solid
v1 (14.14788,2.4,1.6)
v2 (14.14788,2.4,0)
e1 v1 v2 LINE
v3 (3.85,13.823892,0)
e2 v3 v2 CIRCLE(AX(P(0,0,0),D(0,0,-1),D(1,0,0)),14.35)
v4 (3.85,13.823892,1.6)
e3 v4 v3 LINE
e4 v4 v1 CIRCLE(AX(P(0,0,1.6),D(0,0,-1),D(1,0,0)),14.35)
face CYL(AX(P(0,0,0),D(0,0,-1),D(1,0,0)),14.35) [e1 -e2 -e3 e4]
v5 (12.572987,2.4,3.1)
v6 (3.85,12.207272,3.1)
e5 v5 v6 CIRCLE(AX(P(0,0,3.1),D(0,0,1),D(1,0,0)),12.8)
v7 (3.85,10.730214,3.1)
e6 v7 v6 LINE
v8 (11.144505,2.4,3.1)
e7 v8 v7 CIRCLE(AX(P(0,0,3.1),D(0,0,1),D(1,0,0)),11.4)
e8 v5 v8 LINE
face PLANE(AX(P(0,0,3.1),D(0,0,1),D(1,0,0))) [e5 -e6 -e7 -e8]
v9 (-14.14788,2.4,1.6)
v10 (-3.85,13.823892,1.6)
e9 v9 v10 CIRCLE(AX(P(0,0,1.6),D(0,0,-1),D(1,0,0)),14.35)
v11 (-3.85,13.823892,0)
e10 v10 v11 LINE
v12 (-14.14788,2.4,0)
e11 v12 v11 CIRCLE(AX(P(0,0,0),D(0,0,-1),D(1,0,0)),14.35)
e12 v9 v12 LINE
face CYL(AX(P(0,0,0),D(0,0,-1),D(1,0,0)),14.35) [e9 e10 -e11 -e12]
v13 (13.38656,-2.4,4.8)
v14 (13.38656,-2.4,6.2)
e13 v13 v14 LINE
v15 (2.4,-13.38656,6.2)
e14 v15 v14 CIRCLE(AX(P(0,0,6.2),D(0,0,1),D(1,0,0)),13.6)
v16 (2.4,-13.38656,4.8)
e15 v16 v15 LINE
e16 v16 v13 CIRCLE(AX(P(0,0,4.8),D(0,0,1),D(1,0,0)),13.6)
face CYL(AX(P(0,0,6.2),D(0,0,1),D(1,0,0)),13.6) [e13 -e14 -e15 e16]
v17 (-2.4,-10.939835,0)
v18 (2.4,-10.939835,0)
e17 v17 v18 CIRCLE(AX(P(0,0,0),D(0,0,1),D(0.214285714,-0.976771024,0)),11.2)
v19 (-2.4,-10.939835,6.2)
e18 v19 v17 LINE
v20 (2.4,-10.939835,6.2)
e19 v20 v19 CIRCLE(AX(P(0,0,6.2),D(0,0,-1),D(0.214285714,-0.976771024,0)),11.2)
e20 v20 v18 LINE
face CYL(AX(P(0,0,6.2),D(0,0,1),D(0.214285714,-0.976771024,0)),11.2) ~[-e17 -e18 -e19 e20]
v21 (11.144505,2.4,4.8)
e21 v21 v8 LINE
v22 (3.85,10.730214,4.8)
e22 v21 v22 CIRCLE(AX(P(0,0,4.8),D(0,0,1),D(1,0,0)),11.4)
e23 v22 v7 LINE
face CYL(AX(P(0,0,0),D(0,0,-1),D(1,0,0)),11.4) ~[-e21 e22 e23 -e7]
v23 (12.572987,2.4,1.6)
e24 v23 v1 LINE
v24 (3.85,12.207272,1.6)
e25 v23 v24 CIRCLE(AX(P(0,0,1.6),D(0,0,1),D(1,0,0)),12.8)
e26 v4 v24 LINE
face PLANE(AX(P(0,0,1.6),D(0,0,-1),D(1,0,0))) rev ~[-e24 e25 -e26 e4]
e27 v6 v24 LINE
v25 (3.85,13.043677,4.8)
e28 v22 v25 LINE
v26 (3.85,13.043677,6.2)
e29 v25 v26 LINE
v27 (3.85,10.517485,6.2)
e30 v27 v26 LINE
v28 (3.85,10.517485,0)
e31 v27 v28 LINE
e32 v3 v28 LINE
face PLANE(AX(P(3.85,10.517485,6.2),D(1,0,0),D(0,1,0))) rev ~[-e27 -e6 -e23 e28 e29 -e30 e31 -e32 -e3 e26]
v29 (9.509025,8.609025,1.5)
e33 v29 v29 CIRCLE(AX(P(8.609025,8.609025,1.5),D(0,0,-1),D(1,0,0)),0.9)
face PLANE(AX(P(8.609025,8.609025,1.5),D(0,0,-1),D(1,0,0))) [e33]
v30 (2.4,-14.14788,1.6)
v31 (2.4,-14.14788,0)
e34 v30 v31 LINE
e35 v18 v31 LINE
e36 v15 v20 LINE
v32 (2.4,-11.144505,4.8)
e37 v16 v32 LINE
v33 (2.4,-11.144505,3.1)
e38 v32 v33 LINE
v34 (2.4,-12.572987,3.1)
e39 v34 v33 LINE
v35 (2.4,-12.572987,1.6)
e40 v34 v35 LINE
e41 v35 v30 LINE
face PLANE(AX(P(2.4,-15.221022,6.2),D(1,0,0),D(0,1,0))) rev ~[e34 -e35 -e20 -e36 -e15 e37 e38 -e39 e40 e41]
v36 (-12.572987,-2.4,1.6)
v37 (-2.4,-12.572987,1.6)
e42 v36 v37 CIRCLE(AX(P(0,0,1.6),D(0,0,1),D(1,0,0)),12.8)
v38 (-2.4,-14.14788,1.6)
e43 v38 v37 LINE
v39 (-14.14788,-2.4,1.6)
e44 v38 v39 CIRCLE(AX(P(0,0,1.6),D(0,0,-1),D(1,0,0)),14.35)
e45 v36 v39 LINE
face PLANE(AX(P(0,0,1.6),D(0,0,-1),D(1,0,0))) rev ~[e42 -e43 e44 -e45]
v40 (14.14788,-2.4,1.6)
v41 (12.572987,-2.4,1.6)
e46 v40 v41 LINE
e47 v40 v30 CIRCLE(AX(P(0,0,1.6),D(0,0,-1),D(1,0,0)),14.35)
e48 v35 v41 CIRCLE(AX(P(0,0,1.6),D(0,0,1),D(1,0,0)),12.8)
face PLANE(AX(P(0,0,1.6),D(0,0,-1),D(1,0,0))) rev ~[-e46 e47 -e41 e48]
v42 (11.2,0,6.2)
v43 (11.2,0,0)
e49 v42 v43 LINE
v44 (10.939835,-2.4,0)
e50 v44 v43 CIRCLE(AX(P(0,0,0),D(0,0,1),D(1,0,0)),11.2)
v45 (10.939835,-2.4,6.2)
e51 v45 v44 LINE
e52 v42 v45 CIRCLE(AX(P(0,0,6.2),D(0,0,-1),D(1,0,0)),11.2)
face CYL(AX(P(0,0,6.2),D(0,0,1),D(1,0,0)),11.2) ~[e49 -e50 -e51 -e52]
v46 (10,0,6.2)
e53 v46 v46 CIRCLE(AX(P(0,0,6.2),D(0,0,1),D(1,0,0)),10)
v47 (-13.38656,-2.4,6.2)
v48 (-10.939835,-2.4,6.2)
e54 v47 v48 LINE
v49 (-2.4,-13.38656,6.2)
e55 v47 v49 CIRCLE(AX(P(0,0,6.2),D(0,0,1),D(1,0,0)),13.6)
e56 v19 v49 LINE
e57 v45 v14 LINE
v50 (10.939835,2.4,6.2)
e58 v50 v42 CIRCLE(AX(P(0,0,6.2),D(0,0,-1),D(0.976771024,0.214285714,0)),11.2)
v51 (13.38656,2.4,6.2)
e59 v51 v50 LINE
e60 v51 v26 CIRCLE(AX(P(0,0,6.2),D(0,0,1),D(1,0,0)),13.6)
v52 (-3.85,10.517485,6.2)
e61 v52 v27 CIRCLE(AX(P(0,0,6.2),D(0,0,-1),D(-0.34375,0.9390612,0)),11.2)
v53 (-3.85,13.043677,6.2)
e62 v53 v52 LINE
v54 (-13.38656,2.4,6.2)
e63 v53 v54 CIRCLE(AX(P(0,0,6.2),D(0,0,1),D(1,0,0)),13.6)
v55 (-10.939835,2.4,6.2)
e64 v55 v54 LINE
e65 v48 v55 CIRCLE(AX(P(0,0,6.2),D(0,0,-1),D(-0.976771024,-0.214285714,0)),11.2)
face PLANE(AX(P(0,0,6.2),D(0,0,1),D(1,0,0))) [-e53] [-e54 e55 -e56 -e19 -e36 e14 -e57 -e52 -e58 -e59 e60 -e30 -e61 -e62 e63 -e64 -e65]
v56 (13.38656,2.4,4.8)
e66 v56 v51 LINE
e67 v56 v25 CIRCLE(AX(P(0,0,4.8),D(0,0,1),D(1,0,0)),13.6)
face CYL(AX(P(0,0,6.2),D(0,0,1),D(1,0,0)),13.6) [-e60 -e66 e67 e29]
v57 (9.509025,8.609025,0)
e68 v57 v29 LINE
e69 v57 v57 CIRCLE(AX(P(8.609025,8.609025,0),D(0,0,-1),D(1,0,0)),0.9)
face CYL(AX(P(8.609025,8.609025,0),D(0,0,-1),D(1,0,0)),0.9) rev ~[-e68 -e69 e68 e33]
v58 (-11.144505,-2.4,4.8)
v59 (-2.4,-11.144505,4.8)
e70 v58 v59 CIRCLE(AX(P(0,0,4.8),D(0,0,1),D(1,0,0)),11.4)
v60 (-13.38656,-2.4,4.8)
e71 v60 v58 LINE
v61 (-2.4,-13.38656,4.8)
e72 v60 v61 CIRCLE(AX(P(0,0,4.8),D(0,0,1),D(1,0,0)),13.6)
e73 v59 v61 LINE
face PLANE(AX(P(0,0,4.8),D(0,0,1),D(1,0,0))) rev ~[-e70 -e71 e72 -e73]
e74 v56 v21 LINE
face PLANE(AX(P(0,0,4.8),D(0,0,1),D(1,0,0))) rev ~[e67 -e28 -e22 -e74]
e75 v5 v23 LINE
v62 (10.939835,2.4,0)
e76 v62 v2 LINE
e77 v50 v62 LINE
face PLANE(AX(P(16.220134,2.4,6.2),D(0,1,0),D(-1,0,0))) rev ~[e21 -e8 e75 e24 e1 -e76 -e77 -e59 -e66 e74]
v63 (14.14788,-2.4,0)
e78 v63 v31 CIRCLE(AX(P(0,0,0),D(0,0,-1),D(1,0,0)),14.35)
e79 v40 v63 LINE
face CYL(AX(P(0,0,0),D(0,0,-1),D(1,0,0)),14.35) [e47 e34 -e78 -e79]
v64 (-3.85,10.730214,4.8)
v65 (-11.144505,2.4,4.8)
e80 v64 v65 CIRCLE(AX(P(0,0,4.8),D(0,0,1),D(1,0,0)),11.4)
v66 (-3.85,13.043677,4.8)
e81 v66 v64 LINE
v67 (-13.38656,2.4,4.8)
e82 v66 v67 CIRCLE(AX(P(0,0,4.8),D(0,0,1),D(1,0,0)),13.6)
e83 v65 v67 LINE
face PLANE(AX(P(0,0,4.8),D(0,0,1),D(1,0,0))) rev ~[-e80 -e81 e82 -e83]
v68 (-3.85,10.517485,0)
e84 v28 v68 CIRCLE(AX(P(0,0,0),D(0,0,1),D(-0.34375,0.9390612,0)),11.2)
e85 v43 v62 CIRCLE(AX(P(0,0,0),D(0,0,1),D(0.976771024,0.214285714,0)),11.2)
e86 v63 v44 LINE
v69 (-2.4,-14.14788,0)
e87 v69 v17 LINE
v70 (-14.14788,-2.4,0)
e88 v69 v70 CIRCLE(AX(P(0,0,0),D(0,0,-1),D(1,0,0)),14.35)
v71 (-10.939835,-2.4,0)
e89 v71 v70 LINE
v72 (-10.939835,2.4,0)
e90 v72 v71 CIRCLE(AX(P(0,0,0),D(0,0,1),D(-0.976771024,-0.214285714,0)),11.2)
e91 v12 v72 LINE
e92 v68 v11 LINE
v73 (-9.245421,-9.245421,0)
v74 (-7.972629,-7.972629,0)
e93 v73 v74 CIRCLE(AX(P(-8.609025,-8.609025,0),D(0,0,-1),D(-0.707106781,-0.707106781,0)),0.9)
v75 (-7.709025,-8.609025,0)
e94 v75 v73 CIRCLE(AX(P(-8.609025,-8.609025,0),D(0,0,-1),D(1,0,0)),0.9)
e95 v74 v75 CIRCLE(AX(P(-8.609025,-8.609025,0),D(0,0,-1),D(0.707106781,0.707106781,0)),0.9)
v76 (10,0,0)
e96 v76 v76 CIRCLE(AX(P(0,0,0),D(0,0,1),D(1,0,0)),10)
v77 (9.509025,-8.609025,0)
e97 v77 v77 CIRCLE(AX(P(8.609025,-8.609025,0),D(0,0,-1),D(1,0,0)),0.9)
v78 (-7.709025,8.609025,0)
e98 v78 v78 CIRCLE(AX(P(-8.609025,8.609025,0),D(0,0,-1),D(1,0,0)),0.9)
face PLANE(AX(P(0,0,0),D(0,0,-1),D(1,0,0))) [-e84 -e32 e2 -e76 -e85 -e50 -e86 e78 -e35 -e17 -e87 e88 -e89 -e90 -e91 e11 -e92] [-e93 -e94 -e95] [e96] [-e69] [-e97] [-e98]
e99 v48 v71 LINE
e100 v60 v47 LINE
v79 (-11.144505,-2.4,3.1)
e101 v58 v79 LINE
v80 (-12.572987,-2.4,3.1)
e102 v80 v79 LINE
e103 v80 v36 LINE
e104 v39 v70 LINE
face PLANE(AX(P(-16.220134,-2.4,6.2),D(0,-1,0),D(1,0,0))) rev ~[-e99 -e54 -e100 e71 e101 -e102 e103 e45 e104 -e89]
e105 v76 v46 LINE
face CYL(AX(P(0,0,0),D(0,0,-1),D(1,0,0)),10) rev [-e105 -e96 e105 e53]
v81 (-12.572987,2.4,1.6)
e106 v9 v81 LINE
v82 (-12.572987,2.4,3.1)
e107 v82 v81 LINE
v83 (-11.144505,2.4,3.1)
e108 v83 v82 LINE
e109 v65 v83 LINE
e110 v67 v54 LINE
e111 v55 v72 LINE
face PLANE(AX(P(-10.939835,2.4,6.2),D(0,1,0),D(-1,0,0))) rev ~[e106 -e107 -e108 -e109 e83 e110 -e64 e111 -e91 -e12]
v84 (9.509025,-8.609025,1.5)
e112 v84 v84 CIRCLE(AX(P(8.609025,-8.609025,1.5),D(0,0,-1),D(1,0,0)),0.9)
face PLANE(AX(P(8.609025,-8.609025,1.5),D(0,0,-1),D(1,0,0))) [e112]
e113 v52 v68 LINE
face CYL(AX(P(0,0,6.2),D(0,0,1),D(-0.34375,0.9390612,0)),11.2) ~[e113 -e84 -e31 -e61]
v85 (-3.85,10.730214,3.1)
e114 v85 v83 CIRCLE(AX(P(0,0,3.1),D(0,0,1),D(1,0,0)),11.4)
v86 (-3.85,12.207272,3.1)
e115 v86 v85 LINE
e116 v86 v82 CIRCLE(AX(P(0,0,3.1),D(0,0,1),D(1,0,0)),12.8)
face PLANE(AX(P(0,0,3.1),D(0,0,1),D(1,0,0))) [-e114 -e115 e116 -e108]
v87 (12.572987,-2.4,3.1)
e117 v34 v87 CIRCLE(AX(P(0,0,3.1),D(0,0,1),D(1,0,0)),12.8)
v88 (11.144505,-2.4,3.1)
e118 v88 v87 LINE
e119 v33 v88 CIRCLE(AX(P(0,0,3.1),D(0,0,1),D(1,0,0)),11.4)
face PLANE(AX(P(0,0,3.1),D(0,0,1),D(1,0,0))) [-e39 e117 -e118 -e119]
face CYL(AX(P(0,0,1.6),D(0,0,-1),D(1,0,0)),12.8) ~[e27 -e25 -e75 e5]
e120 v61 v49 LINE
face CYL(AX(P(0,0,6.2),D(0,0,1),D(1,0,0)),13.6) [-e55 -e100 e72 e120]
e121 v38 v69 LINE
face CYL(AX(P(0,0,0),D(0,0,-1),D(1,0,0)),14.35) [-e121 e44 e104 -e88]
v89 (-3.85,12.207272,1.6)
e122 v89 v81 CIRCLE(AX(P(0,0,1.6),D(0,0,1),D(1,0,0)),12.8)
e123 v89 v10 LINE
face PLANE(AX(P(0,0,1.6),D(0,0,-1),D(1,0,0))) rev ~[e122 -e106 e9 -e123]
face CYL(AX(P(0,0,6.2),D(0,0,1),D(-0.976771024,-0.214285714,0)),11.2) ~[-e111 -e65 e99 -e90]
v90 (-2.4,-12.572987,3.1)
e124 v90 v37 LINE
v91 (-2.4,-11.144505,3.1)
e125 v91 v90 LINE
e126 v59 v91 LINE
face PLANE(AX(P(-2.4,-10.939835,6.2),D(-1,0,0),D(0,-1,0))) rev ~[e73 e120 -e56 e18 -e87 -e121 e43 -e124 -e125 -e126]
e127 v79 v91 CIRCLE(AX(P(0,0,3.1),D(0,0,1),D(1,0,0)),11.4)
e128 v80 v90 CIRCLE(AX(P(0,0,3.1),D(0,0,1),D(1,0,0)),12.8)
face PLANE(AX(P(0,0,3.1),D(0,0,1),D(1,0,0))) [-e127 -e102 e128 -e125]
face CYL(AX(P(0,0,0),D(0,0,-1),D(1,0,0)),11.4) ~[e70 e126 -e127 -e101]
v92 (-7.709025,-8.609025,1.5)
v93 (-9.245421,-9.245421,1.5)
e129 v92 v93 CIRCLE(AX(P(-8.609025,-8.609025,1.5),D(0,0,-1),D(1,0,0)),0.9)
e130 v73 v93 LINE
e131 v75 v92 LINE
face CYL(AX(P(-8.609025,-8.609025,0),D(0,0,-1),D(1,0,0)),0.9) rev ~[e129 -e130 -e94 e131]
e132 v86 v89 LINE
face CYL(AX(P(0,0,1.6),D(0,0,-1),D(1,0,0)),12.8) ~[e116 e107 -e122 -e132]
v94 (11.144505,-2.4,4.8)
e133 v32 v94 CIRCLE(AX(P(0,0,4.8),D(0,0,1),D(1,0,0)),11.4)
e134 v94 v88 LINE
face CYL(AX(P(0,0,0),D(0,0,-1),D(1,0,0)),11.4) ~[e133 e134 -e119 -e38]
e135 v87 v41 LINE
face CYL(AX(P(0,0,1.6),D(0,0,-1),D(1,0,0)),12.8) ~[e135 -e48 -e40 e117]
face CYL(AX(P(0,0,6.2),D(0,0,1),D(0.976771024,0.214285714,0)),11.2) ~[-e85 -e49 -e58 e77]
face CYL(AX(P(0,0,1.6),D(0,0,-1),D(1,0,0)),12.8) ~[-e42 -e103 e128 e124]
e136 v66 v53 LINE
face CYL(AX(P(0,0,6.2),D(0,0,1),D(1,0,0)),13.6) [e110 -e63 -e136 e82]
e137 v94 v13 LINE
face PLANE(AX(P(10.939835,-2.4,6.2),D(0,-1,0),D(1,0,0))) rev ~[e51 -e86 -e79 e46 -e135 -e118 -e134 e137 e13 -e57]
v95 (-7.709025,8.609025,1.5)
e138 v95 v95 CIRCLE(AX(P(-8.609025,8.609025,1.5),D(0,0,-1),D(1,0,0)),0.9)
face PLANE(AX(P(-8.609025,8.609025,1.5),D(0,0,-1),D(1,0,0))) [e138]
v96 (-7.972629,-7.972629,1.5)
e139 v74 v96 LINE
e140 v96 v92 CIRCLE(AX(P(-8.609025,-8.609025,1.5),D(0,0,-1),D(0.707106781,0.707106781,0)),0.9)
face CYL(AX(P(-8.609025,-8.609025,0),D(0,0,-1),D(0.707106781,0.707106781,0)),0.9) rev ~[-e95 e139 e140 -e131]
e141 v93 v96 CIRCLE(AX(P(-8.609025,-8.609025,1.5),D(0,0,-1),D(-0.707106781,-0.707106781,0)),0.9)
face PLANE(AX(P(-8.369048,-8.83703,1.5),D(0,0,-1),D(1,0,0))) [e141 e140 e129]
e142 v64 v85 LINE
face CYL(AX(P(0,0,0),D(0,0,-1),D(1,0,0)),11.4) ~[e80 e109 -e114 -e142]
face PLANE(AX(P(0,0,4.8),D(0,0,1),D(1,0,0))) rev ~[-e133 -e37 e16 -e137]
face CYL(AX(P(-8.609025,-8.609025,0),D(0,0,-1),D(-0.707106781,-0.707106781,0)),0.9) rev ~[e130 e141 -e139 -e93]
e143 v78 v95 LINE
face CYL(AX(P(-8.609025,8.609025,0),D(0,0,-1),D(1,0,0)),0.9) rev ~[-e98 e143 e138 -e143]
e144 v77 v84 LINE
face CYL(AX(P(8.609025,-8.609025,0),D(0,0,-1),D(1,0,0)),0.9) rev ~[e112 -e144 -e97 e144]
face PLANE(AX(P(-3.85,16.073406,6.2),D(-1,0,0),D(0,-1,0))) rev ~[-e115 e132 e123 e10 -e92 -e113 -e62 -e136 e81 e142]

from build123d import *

# Parameters (mm, degrees)
F0_R      = 11.4
F0_R_2    = 10
F1_DEPTH  = 6.2
F2_R      = 13.6
F2_R_2    = 11.4
F3_DEPTH  = 1.4
F4_R      = 14.35
F4_R_2    = 11.4
F5_DEPTH  = 1.6
F6_R      = 12.8
F6_R_2    = 11.4
F7_DEPTH  = 1.5
F9_DEPTH  = 25
F10_R     = 0.9
F11_DEPTH = 1.5


with BuildPart() as f1:
    # F0 (on Top) → F1 (new body)
    with BuildSketch(Plane.XY):
        Circle(F0_R)
        Circle(F0_R_2, mode=Mode.SUBTRACT)
    extrude(amount=F1_DEPTH)

    # F2 (on face) → F3 (join)
    with BuildSketch(Plane.XY.offset(6.2)):
        Circle(F2_R)
        Circle(F2_R_2, mode=Mode.SUBTRACT)
    extrude(amount=-F3_DEPTH)

    # F4 (on face) → F5 (join)
    with BuildSketch(Plane(origin=(0, 0, 0), x_dir=(1, 0, 0), z_dir=(0, 0, -1))):
        Circle(F4_R)
        Circle(F4_R_2, mode=Mode.SUBTRACT)
    extrude(amount=-F5_DEPTH)

    # F6 (on face) → F7 (join)
    with BuildSketch(Plane.XY.offset(1.6)):
        Circle(F6_R)
        Circle(F6_R_2, mode=Mode.SUBTRACT)
    extrude(amount=F7_DEPTH)

    # F8 (on face) → F9 (cut)
    with BuildSketch(Plane.XY.offset(6.2)):
        with BuildLine():
            ThreePointArc((-3.85, 10.5174854409), (0, 11.2), (3.85, 10.5174854409))
            Line((3.85, 10.5174854409), (3.85, 11.2))
            Line((3.85, 11.2), (3.85, 13.0436766289))
            ThreePointArc((3.85, 13.0436766289), (0, 13.6), (-3.85, 13.0436766289))
            Line((-3.85, 13.0436766289), (-3.85, 11.2))
            Line((-3.85, 11.2), (-3.85, 10.5174854409))
        make_face()
        with BuildLine():
            ThreePointArc((-3.85, 13.0436766289), (0, 13.6), (3.85, 13.0436766289))
            Line((3.85, 13.0436766289), (3.85, 16.0734057426))
            Line((3.85, 16.0734057426), (-3.85, 16.0734057426))
            Line((-3.85, 16.0734057426), (-3.85, 13.0436766289))
        make_face()
        with BuildLine():
            ThreePointArc((-13.3865604245, -2.4), (-13.6, 0), (-13.3865604245, 2.4))
            Line((-13.3865604245, 2.4), (-16.2201337516, 2.4))
            Line((-16.2201337516, 2.4), (-16.2201337516, -2.4))
            Line((-16.2201337516, -2.4), (-13.3865604245, -2.4))
        make_face()
        with BuildLine():
            ThreePointArc((-10.9398354649, -2.4), (-11.2, 0), (-10.9398354649, 2.4))
            Line((-10.9398354649, 2.4), (-11.2, 2.4))
            Line((-11.2, 2.4), (-13.3865604245, 2.4))
            ThreePointArc((-13.3865604245, 2.4), (-13.6, 0), (-13.3865604245, -2.4))
            Line((-13.3865604245, -2.4), (-11.2, -2.4))
            Line((-11.2, -2.4), (-10.9398354649, -2.4))
        make_face()
        with BuildLine():
            ThreePointArc((10.9398354649, 2.4), (11.1347689066, 1.2070299898), (11.2, 0))
            ThreePointArc((11.2, 0), (11.1347689066, -1.2070299898), (10.9398354649, -2.4))
            Line((10.9398354649, -2.4), (11.2, -2.4))
            Line((11.2, -2.4), (13.3865604245, -2.4))
            ThreePointArc((13.3865604245, -2.4), (13.5465350141, -1.2047361176), (13.6, 0))
            ThreePointArc((13.6, 0), (13.5465350141, 1.2047361176), (13.3865604245, 2.4))
            Line((13.3865604245, 2.4), (11.2, 2.4))
            Line((11.2, 2.4), (10.9398354649, 2.4))
        make_face()
        with BuildLine():
            Line((16.2201337516, 2.4), (13.3865604245, 2.4))
            ThreePointArc((13.3865604245, 2.4), (13.5465350141, 1.2047361176), (13.6, 0))
            ThreePointArc((13.6, 0), (13.5465350141, -1.2047361176), (13.3865604245, -2.4))
            Line((13.3865604245, -2.4), (16.2201337516, -2.4))
            Line((16.2201337516, -2.4), (16.2201337516, 2.4))
        make_face()
        with BuildLine():
            Line((2.4, -11.2), (2.4, -10.9398354649))
            ThreePointArc((2.4, -10.9398354649), (0, -11.2), (-2.4, -10.9398354649))
            Line((-2.4, -10.9398354649), (-2.4, -11.2))
            Line((-2.4, -11.2), (-2.4, -13.3865604245))
            ThreePointArc((-2.4, -13.3865604245), (0, -13.6), (2.4, -13.3865604245))
            Line((2.4, -13.3865604245), (2.4, -11.2))
        make_face()
        with BuildLine():
            Line((2.4, -15.2210220695), (2.4, -13.3865604245))
            ThreePointArc((2.4, -13.3865604245), (0, -13.6), (-2.4, -13.3865604245))
            Line((-2.4, -13.3865604245), (-2.4, -15.2210220695))
            Line((-2.4, -15.2210220695), (2.4, -15.2210220695))
        make_face()
    extrude(amount=-F9_DEPTH, mode=Mode.SUBTRACT)

    # F10 (on face) → F11 (cut)
    with BuildSketch(Plane(origin=(0, 0, 0), x_dir=(1, 0, 0), z_dir=(0, 0, -1))):
        with BuildLine():
            ThreePointArc((-7.7090250609, 8.6090250609), (-8.2646099718, 9.4405166402), (-9.245421164, 9.245421164))
            Line((-9.245421164, 9.245421164), (-7.9726289579, 7.9726289579))
            ThreePointArc((-7.9726289579, 7.9726289579), (-7.7775334817, 8.2646099718), (-7.7090250609, 8.6090250609))
        make_face()
        with BuildLine():
            Line((-7.9726289579, 7.9726289579), (-9.245421164, 9.245421164))
            ThreePointArc((-9.245421164, 9.245421164), (-9.245421164, 7.9726289579), (-7.9726289579, 7.9726289579))
        make_face()
        with Locations((8.6090250609, 8.6090250609)):
            Circle(F10_R)
        with Locations((8.6090250609, -8.6090250609)):
            Circle(F10_R)
        with Locations((-8.6090250609, -8.6090250609)):
            Circle(F10_R)
    extrude(amount=-F11_DEPTH, mode=Mode.SUBTRACT)


solid = f1.part
